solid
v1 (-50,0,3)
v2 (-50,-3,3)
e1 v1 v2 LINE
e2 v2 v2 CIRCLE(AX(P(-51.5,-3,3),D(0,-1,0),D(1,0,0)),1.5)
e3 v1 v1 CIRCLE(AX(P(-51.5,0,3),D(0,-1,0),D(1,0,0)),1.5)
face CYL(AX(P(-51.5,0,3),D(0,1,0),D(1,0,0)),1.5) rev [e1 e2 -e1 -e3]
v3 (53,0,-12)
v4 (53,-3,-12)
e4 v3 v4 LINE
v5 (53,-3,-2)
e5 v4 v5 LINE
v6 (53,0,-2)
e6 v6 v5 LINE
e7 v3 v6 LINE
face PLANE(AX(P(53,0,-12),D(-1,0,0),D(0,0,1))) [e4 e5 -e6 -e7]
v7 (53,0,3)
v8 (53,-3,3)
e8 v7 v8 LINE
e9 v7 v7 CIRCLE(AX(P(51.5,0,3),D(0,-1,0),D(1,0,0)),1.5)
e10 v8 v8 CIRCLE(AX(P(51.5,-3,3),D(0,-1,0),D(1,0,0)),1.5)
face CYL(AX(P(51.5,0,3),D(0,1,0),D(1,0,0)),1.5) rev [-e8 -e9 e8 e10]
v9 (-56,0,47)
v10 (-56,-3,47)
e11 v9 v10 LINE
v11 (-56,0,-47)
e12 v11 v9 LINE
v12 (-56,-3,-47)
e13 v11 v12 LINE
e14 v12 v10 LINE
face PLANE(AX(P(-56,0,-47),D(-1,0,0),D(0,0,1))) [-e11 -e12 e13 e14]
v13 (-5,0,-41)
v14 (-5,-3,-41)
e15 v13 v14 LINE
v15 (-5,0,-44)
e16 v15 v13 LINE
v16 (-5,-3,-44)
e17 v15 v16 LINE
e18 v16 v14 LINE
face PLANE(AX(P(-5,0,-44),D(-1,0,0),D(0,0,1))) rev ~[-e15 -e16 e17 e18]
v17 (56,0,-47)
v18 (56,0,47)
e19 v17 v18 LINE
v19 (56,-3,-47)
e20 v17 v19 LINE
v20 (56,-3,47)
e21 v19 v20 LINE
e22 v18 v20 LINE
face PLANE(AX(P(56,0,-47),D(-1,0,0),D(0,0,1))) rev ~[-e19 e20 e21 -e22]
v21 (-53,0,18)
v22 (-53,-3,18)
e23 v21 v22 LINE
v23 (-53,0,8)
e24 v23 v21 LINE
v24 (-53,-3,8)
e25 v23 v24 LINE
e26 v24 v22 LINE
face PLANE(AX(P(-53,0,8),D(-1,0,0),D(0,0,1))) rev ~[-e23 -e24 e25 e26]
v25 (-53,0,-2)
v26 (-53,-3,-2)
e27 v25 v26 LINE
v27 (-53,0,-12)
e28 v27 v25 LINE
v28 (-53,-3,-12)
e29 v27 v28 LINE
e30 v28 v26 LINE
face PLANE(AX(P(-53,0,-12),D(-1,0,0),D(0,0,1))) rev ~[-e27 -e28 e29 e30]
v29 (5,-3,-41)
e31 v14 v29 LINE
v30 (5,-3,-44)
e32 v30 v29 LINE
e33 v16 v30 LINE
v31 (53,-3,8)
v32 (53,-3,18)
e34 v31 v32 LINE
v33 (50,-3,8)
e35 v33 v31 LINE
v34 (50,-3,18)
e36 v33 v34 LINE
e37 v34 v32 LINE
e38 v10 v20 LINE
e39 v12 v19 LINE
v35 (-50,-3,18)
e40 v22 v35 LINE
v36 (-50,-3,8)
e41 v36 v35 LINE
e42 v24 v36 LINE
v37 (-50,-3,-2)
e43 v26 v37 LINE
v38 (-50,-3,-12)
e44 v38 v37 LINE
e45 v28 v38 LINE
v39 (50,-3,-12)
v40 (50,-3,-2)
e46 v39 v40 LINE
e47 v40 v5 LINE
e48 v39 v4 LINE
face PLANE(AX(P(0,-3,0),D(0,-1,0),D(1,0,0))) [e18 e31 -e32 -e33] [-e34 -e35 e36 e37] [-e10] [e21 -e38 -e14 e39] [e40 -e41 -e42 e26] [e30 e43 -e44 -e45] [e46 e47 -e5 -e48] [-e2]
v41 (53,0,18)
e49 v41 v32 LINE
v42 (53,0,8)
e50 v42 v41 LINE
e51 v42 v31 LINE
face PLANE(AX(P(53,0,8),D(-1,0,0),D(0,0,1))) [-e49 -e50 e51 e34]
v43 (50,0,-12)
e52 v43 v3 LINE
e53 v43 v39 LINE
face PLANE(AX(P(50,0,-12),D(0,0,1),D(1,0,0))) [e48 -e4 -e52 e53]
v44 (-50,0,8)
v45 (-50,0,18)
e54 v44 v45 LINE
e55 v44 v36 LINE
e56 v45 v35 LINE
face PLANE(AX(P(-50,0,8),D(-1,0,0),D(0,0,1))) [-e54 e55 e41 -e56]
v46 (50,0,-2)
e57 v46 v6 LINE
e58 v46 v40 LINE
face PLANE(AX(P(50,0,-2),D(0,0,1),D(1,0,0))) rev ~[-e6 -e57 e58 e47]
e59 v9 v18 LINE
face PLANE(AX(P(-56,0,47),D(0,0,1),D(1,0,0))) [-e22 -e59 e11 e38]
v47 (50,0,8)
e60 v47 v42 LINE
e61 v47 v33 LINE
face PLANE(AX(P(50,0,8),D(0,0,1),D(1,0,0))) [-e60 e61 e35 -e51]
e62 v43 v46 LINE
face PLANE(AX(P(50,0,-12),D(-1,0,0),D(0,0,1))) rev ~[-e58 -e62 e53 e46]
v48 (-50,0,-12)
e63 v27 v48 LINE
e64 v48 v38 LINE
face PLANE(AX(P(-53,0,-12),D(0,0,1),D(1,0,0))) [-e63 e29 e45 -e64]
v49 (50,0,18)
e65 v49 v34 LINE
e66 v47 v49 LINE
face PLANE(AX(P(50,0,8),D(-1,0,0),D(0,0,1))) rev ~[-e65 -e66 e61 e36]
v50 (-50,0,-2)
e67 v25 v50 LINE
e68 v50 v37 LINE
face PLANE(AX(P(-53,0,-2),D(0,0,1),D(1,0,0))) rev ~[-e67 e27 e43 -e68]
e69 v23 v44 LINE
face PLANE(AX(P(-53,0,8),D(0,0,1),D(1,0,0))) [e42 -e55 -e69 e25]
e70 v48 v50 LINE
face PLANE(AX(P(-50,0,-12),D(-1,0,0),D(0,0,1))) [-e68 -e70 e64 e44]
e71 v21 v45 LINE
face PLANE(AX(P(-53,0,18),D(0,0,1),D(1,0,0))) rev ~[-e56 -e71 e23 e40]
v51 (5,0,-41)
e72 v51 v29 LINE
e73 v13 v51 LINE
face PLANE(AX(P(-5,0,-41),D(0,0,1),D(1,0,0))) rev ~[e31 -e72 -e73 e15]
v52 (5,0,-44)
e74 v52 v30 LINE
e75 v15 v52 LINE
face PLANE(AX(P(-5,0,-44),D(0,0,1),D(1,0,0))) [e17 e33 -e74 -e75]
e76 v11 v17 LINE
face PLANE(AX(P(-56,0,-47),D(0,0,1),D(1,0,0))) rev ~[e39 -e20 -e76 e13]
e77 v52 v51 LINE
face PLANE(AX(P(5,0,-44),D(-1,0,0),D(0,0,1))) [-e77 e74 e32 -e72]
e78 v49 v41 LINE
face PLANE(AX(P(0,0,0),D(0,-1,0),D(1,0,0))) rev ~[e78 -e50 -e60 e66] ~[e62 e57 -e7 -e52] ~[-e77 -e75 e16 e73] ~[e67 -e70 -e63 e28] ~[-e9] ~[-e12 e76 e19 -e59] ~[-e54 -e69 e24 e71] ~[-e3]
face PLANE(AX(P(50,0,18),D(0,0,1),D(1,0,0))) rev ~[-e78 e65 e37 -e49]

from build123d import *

# Parameters (mm, degrees)
F0_W     = 112
F0_H     = 94
F0_W_2   = 3
F0_H_2   = 10
F0_W_3   = 10
F0_H_3   = 3
F0_R     = 1.5
F1_DEPTH = 3


with BuildPart() as f1:
    # F0 (on Front) → F1 (new body)
    with BuildSketch(Plane.XZ):
        Rectangle(F0_W, F0_H)
        with Locations((-51.5, -7)):
            Rectangle(F0_W_2, F0_H_2, mode=Mode.SUBTRACT)
        with Locations((0, -42.5)):
            Rectangle(F0_W_3, F0_H_3, mode=Mode.SUBTRACT)
        with Locations((51.5, -7)):
            Rectangle(F0_W_2, F0_H_2, mode=Mode.SUBTRACT)
        with Locations((-51.5, 3)):
            Circle(F0_R, mode=Mode.SUBTRACT)
        with Locations((-51.5, 13)):
            Rectangle(F0_W_2, F0_H_2, mode=Mode.SUBTRACT)
        with Locations((51.5, 3)):
            Circle(F0_R, mode=Mode.SUBTRACT)
        with Locations((51.5, 13)):
            Rectangle(F0_W_2, F0_H_2, mode=Mode.SUBTRACT)
    extrude(amount=F1_DEPTH)


solid = f1.part
